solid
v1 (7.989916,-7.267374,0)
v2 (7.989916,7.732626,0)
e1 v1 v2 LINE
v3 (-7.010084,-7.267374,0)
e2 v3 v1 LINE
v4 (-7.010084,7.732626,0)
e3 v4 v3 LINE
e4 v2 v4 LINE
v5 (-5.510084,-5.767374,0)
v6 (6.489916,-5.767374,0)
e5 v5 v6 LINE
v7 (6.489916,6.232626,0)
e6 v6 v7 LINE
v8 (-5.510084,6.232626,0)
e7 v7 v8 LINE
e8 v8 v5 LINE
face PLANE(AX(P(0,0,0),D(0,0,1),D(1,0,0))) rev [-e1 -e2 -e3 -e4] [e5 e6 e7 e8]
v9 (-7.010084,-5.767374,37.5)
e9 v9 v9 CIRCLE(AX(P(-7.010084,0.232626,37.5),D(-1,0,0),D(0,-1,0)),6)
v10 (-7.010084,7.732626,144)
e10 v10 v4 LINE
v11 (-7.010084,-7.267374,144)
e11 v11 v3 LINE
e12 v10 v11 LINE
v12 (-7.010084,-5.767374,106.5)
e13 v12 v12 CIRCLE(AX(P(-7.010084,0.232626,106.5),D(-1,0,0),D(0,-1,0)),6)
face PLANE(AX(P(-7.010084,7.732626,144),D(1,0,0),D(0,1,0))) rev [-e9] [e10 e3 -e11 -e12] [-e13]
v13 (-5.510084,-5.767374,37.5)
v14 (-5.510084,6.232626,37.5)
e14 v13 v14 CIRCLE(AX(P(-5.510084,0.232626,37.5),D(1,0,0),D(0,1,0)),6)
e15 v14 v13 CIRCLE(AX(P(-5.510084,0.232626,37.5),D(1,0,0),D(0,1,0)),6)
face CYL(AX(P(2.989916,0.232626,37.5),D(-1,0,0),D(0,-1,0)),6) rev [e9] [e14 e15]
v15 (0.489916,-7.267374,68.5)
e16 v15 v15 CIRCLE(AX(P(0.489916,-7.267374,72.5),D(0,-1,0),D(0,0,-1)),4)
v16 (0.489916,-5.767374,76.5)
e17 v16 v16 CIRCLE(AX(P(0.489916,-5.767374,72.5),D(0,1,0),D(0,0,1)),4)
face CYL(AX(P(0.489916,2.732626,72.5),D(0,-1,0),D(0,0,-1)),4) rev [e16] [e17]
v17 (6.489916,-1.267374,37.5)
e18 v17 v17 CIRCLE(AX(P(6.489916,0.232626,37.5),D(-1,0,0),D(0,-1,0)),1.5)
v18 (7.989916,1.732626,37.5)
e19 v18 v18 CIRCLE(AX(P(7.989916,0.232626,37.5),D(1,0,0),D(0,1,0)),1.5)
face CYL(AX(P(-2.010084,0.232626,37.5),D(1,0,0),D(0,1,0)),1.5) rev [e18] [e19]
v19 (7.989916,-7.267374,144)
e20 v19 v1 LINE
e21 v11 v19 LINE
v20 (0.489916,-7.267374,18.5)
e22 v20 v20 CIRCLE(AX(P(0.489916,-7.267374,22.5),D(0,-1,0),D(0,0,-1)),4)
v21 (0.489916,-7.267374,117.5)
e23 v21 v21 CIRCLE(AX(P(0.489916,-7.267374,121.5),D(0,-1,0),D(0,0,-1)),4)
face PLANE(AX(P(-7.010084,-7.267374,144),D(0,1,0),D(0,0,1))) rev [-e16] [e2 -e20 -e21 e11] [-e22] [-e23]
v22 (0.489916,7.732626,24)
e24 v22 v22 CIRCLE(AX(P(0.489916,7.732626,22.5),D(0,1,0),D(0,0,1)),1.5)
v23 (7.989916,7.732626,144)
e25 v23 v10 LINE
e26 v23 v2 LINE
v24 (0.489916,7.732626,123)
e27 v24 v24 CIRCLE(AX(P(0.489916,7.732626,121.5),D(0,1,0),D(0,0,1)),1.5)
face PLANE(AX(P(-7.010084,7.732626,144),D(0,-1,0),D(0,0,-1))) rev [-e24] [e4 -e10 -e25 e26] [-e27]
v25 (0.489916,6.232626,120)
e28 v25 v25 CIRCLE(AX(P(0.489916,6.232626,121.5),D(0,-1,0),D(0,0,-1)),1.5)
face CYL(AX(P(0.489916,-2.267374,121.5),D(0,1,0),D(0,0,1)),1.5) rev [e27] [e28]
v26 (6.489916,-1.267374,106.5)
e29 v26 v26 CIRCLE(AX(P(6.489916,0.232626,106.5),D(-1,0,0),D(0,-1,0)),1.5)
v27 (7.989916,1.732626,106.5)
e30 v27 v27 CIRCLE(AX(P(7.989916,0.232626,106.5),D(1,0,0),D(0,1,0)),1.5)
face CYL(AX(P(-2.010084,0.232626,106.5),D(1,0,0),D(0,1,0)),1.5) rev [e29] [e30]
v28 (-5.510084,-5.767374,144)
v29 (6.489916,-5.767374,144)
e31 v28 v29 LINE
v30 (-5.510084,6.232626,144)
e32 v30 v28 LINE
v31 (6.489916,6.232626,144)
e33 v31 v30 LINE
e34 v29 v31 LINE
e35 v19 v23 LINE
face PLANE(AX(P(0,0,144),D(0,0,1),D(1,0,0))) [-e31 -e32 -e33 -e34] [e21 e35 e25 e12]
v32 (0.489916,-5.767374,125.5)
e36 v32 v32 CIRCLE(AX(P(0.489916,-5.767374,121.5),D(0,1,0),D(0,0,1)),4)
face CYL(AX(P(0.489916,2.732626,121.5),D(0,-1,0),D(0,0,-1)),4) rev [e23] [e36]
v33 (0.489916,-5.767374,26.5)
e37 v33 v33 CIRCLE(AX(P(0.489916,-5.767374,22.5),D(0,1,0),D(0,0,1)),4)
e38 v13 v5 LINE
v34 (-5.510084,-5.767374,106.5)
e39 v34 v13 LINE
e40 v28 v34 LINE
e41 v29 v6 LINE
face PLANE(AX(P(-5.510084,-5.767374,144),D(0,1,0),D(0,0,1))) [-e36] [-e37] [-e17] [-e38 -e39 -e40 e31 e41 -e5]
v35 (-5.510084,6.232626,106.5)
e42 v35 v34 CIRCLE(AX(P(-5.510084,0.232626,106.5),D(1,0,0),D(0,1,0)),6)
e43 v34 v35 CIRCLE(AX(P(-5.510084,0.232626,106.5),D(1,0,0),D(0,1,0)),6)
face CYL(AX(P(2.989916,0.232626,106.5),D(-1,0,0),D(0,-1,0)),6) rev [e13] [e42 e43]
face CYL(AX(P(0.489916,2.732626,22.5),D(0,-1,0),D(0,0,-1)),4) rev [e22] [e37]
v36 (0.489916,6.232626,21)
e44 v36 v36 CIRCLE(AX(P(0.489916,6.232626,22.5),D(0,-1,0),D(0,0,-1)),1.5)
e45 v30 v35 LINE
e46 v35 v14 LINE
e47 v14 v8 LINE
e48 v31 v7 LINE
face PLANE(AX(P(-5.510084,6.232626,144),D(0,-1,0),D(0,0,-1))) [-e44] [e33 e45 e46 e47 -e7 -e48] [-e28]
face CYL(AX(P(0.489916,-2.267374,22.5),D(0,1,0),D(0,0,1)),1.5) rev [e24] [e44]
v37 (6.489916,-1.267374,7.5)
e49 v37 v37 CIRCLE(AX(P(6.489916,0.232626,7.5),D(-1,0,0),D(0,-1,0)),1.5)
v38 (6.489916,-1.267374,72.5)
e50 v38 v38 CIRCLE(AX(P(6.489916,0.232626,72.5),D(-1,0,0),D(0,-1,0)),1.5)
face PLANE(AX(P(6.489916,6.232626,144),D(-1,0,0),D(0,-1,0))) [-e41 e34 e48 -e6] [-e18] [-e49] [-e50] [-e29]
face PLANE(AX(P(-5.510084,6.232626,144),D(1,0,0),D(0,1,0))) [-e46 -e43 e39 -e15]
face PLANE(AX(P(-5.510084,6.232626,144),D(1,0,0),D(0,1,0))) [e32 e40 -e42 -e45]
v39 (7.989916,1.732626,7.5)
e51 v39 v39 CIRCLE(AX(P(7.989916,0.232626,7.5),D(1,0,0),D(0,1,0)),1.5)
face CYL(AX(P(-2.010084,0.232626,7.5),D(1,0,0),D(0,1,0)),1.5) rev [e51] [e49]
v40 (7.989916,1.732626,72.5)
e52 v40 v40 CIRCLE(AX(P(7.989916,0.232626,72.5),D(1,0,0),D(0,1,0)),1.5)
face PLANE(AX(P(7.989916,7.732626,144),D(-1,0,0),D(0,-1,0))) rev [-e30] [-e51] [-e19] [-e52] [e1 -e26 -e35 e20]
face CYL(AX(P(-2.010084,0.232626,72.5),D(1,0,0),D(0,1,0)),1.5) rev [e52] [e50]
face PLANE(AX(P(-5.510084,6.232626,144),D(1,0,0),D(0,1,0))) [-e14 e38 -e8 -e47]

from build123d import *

# Parameters (mm, degrees)
SKETCH_1_W           = 15
SKETCH_1_H           = 15
SKETCH_1_W_2         = 12
SKETCH_1_H_2         = 12
EXTRUDE_2_DEPTH      = 144
SKETCH_3_R           = 1.5
CUT_EXTRUDE_2_DEPTH  = 10
SKETCH_4_R           = 1.5
CUT_EXTRUDE_4_DEPTH  = 10
SKETCH_7_R           = 4
CUT_EXTRUDE_6_DEPTH  = 10
SKETCH_8_R           = 4
CUT_EXTRUDE_7_DEPTH  = 10
SKETCH_9_R           = 6
CUT_EXTRUDE_8_DEPTH  = 10
SKETCH_10_R          = 1.5
CUT_EXTRUDE_9_DEPTH  = 10
SKETCH_11_R          = 4
CUT_EXTRUDE_10_DEPTH = 10
SKETCH_12_R          = 6
CUT_EXTRUDE_11_DEPTH = 10
SKETCH_13_R          = 1.5
CUT_EXTRUDE_12_DEPTH = 10
SKETCH_14_R          = 1.5
CUT_EXTRUDE_13_DEPTH = 10
SKETCH_15_R          = 1.5
CUT_EXTRUDE_14_DEPTH = 10


with BuildPart() as part:
    # ｽｹｯﾁ1 → ﾎﾞｽ - 押し出し2 (new body)
    with BuildSketch(Plane.XY):
        with Locations((0.489915859, 0.232626086)):
            Rectangle(SKETCH_1_W, SKETCH_1_H)
        with Locations((0.489915859, 0.232626086)):
            Rectangle(SKETCH_1_W_2, SKETCH_1_H_2, mode=Mode.SUBTRACT)
    extrude(amount=EXTRUDE_2_DEPTH)

    # ｽｹｯﾁ3 → ｶｯﾄ - 押し出し2 (cut)
    with BuildSketch(Plane(origin=(0, 7.732626086, 0), x_dir=(1, 0, 0), z_dir=(0, 1, 0))):
        with Locations((0.489915859, -22.5)):
            Circle(SKETCH_3_R)
    extrude(amount=-CUT_EXTRUDE_2_DEPTH, mode=Mode.SUBTRACT)

    # ｽｹｯﾁ4 → ｶｯﾄ - 押し出し4 (cut)
    with BuildSketch(Plane(origin=(0, 7.732626086, 0), x_dir=(1, 0, 0), z_dir=(0, 1, 0))):
        with Locations((0.489915859, -121.5)):
            Circle(SKETCH_4_R)
    extrude(amount=-CUT_EXTRUDE_4_DEPTH, mode=Mode.SUBTRACT)

    # ｽｹｯﾁ7 → ｶｯﾄ - 押し出し6 (cut)
    with BuildSketch(Plane.XZ.offset(7.267373914)):
        with Locations((0.489915859, 22.5)):
            Circle(SKETCH_7_R)
    extrude(amount=-CUT_EXTRUDE_6_DEPTH, mode=Mode.SUBTRACT)

    # ｽｹｯﾁ8 → ｶｯﾄ - 押し出し7 (cut)
    with BuildSketch(Plane.XZ.offset(7.267373914)):
        with Locations((0.489915859, 121.5)):
            Circle(SKETCH_8_R)
    extrude(amount=-CUT_EXTRUDE_7_DEPTH, mode=Mode.SUBTRACT)

    # ｽｹｯﾁ9 → ｶｯﾄ - 押し出し8 (cut)
    with BuildSketch(Plane.ZY.offset(7.010084141)):
        with Locations((37.5, 0.232626086)):
            Circle(SKETCH_9_R)
    extrude(amount=-CUT_EXTRUDE_8_DEPTH, mode=Mode.SUBTRACT)

    # ｽｹｯﾁ10 → ｶｯﾄ - 押し出し9 (cut)
    with BuildSketch(Plane(origin=(7.989915859, 0, 0), x_dir=(0, 0, -1), z_dir=(1, 0, 0))):
        with Locations((-37.5, 0.232626086)):
            Circle(SKETCH_10_R)
    extrude(amount=-CUT_EXTRUDE_9_DEPTH, mode=Mode.SUBTRACT)

    # ｽｹｯﾁ11 → ｶｯﾄ - 押し出し10 (cut)
    with BuildSketch(Plane.XZ.offset(7.267373914)):
        with Locations((0.489915859, 72.5)):
            Circle(SKETCH_11_R)
    extrude(amount=-CUT_EXTRUDE_10_DEPTH, mode=Mode.SUBTRACT)

    # ｽｹｯﾁ12 → ｶｯﾄ - 押し出し11 (cut)
    with BuildSketch(Plane.ZY.offset(7.010084141)):
        with Locations((106.5, 0.232626086)):
            Circle(SKETCH_12_R)
    extrude(amount=-CUT_EXTRUDE_11_DEPTH, mode=Mode.SUBTRACT)

    # ｽｹｯﾁ13 → ｶｯﾄ - 押し出し12 (cut)
    with BuildSketch(Plane(origin=(7.989915859, 0, 0), x_dir=(0, 0, -1), z_dir=(1, 0, 0))):
        with Locations((-106.5, 0.232626086)):
            Circle(SKETCH_13_R)
    extrude(amount=-CUT_EXTRUDE_12_DEPTH, mode=Mode.SUBTRACT)

    # ｽｹｯﾁ14 → ｶｯﾄ - 押し出し13 (cut)
    with BuildSketch(Plane(origin=(7.989915859, 0, 0), x_dir=(0, 0, -1), z_dir=(1, 0, 0))):
        with Locations((-7.5, 0.232626086)):
            Circle(SKETCH_14_R)
    extrude(amount=-CUT_EXTRUDE_13_DEPTH, mode=Mode.SUBTRACT)

    # ｽｹｯﾁ15 → ｶｯﾄ - 押し出し14 (cut)
    with BuildSketch(Plane(origin=(7.989915859, 0, 0), x_dir=(0, 0, -1), z_dir=(1, 0, 0))):
        with Locations((-72.5, 0.232626086)):
            Circle(SKETCH_15_R)
    extrude(amount=-CUT_EXTRUDE_14_DEPTH, mode=Mode.SUBTRACT)


solid = part.part
